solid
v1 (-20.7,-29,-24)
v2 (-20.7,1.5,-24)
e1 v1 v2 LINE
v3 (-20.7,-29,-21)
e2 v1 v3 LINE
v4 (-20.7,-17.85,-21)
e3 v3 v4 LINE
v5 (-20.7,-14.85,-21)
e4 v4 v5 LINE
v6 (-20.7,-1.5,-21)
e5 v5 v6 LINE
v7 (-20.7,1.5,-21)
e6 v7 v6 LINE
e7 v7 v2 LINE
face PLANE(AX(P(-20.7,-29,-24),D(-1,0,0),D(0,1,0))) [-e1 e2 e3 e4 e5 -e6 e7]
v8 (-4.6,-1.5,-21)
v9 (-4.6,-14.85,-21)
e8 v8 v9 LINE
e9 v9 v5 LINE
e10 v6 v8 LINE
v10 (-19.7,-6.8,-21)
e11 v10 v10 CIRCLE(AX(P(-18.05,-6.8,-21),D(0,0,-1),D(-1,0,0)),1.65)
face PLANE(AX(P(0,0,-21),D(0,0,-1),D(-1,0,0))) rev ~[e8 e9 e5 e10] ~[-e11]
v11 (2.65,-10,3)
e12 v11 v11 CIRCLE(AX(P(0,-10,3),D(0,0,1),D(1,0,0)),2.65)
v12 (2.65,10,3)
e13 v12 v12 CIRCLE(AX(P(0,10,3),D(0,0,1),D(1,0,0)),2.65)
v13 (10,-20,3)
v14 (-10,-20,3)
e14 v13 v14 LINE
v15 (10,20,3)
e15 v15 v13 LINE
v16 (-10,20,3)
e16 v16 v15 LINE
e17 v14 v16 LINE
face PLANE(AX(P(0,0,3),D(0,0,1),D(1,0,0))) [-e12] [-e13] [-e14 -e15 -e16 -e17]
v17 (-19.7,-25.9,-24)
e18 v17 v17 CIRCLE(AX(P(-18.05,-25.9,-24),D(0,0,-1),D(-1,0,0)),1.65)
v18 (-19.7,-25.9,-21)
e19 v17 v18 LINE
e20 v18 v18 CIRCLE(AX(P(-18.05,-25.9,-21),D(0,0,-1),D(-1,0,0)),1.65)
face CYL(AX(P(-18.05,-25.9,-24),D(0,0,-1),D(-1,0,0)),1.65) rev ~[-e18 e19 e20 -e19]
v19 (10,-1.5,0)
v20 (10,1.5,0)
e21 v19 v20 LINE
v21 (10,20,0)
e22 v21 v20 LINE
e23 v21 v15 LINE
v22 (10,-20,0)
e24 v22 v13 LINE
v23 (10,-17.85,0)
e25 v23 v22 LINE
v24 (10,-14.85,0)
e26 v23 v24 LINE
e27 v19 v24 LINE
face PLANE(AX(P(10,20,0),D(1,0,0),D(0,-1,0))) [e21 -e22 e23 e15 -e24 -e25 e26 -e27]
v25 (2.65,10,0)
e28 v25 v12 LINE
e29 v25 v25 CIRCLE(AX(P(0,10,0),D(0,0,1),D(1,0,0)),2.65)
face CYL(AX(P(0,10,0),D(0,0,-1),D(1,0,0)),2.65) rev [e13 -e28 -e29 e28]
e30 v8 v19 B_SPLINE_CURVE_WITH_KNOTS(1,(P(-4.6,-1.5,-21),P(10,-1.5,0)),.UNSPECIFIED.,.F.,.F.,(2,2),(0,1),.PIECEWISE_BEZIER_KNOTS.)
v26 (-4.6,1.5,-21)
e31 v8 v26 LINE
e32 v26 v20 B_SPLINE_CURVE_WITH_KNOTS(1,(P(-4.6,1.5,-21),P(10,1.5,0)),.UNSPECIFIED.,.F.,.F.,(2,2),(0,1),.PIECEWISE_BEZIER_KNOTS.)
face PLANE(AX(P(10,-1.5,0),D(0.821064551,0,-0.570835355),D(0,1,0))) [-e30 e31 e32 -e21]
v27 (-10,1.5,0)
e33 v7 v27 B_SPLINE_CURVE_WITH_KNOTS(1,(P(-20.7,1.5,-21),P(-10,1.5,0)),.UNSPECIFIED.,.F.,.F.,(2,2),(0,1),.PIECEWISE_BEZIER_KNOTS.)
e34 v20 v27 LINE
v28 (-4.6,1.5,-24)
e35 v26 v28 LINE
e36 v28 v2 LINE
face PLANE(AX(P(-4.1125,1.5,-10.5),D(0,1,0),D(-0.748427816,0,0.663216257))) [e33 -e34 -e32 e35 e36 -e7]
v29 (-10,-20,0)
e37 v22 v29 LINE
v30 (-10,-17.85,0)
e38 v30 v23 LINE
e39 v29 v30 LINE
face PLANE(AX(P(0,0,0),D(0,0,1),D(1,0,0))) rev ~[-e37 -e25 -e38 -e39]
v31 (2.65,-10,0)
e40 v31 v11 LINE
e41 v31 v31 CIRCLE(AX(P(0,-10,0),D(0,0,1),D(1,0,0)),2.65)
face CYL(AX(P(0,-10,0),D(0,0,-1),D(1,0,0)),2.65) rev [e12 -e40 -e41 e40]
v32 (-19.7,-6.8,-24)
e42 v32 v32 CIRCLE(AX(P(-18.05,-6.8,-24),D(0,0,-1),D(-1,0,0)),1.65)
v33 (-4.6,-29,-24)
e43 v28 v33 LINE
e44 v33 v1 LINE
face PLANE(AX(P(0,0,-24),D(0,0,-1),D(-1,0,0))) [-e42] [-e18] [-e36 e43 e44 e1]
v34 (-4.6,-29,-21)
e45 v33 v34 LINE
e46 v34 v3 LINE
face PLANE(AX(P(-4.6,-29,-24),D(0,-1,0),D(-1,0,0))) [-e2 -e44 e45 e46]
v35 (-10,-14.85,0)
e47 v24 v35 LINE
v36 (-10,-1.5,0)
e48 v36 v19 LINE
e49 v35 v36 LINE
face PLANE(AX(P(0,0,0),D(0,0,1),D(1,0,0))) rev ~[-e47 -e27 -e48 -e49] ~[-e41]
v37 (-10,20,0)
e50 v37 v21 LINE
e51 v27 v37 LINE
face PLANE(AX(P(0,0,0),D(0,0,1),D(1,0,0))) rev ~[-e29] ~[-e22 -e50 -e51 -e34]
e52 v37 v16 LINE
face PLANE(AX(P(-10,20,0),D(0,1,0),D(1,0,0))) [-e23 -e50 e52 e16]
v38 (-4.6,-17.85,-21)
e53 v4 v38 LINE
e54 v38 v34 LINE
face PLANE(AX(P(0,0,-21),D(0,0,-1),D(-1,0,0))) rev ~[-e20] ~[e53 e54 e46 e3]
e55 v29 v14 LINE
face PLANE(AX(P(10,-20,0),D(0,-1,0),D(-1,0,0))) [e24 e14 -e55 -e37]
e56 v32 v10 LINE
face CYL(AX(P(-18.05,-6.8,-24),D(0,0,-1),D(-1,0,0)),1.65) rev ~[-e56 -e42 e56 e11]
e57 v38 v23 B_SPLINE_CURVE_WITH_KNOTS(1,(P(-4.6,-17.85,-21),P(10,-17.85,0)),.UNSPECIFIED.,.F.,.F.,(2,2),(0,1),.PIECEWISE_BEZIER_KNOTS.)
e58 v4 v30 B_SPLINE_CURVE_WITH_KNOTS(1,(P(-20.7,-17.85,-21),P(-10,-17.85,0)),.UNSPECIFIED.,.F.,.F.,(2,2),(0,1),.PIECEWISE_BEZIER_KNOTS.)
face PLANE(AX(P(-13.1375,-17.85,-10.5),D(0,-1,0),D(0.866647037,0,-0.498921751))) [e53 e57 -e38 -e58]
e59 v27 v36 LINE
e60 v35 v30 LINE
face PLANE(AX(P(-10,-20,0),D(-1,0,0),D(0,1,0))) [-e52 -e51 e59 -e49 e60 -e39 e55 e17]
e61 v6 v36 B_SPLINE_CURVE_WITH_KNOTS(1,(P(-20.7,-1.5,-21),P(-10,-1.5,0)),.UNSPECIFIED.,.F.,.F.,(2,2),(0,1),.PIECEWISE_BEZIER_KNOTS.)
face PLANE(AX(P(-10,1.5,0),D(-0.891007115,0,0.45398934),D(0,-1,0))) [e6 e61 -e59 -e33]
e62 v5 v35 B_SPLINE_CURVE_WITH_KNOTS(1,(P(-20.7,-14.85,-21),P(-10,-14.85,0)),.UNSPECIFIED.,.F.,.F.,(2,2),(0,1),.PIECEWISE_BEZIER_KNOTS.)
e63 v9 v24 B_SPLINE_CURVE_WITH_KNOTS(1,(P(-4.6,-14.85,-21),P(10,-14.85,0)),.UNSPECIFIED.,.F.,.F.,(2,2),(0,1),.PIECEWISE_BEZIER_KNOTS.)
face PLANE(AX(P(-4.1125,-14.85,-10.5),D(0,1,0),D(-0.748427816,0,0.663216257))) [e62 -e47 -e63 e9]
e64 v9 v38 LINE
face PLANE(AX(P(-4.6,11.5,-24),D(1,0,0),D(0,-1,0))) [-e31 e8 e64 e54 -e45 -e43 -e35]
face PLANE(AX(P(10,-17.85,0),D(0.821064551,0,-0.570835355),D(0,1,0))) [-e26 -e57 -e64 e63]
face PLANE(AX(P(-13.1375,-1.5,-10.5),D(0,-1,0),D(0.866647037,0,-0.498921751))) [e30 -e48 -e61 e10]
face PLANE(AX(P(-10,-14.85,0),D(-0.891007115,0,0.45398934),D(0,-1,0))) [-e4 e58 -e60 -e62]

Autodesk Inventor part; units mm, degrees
ref_plane "YZ Plane" through (0, 0, 0) normal (1, 0, 0) x (0, 1, 0)
ref_plane "XZ Plane" through (0, 0, 0) normal (0, 1, 0) x (-1, 0, 0)
ref_plane "XY Plane" through (0, 0, 0) normal (0, 0, 1) x (1, 0, 0)
sketch "Sketch1" plane through (0, 0, 0) normal (0, 0, 1) x (1, 0, 0)
  line L0 (10, -20) -> (-10, -20)
  line L1 (-10, -20) -> (-10, 20)
  line L2 (-10, 20) -> (10, 20)
  line L3 (10, 20) -> (10, -20)
  line L4 (10, -20) -> (-10, 20) construction
  line L5 (-10, -20) -> (10, 20) construction
  line L6 (0, -10) -> (0, 10) construction
  circle A0 centre (0, 10) radius 2.65
  circle A1 centre (0, -10) radius 2.65
  point P0 (0, 0)
  dimension "d0" = 40
  dimension "d1" = 20
  dimension "d2" = 20
  dimension "d3" = 5.3
extrude "Extrusion1" add sketch "Sketch1" along normal blind 3
ref_plane "Work Plane2" through (0, 0, -24) normal (0, 0, -1) x (-1, 0, 0)
sketch "Sketch2" plane through (0, 0, -24) normal (0, 0, -1) x (-1, 0, 0)
  circle A0 centre (18.05, -6.8) radius 1.65
  line L0 (18.05, -25.9) -> (18.05, -6.8) construction
  line L1 (4.6, -29) -> (20.7, -29)
  line L2 (4.6, 11.5) -> (4.6, -29)
  line L3 (20.7, 11.5) -> (4.6, 11.5)
  line L4 (20.7, -29) -> (20.7, 11.5)
  circle A1 centre (18.05, -25.9) radius 1.65
  line L5 (10, 20) -> (10, -20) projected
  line L6 (-10, 20) -> (10, 20) projected
  point P0 (0, 0)
  dimension "d8" = 40.5
  dimension "d9" = 16.1
  dimension "d10" = 19.1
  dimension "d11" = 3.3
  dimension "d12" = 3.3
  dimension "d13" = 2.65
  dimension "d14" = 3.1
  dimension "d15" = 8.05
  dimension "d19" = 26.8
extrude "Extrusion2" add sketch "Sketch2" against normal blind 3
sketch "Sketch4" plane through (0, 0, -21) normal (0, 0, 1) x (1, 0, 0)
  line L0 (-20.7, -14.85) -> (-4.6, -14.85)
  line L1 (-4.6, -14.85) -> (-4.6, -17.85)
  line L2 (-4.6, -17.85) -> (-20.7, -17.85)
  line L3 (-20.7, -17.85) -> (-20.7, -14.85)
  line L4 (-4.6, 1.5) -> (-20.7, 1.5)
  line L5 (-20.7, 1.5) -> (-20.7, -1.5)
  line L6 (-20.7, -1.5) -> (-4.6, -1.5)
  line L7 (-4.6, -1.5) -> (-4.6, 1.5)
  line L8 (-20.7, -16.35) -> (-4.6, -16.35) construction
  circle A0 centre (-18.05, -6.8) radius 1.65 projected
  circle A1 centre (-18.05, -25.9) radius 1.65 projected
  line L9 (-18.05, -6.8) -> (-18.05, -25.9) construction
  line L10 (-4.6, -29) -> (-4.6, 11.5) projected
  line L11 (-20.7, 11.5) -> (-20.7, -29) projected
  line L12 (-20.7, 0) -> (-4.6, 0) construction
  line L13 (-10, 20) -> (-10, -20) projected
  point P0 (0, 0)
  point P1 (-18.05, -16.35)
  point P2 (-10, 0)
  dimension "d20" = 3
sketch "Sketch5" plane through (0, 0, 0) normal (0, 0, -1) x (-1, 0, 0)
  line L0 (4.6, 1.5) -> (20.7, 1.5) projected
  line L1 (20.7, -1.5) -> (4.6, -1.5) projected
  line L2 (4.6, -17.85) -> (20.7, -17.85) projected
  line L3 (20.7, -14.85) -> (4.6, -14.85) projected
  line L4 (-10, 1.5) -> (10, 1.5)
  line L5 (10, 1.5) -> (10, -1.5)
  line L6 (10, -1.5) -> (-10, -1.5)
  line L7 (-10, -1.5) -> (-10, 1.5)
  line L8 (-10, -14.85) -> (10, -14.85)
  line L9 (10, -14.85) -> (10, -17.85)
  line L10 (10, -17.85) -> (-10, -17.85)
  line L11 (-10, -17.85) -> (-10, -14.85)
  line L12 (-10, -20) -> (-10, 20) projected
  line L13 (10, 20) -> (10, -20) projected
  point P0 (0, 0)
loft "Loft1" add profiles "Sketch4", "Sketch5" contours L5 L4 L13 L6 | L13 L4 L7 L6 / L0 L5 L1 L6 L7 L4
loft "Loft2" add profiles "Sketch4", "Sketch5" contours L0 L13 L2 L3 | L0 L1 L2 L13 / L9 L2 L10 L11 L8 L3
sketch "Sketch6" plane through (0, 0, -21) normal (0, 0, 1) x (1, 0, 0)
  line L0 (-20.7, 1.5) -> (-4.6, 1.5) projected
  line L1 (-4.6, 1.5) -> (-4.6, 11.5) projected
  line L2 (-4.6, 11.5) -> (-20.7, 11.5) projected
  line L3 (-20.7, 11.5) -> (-20.7, 1.5) projected
  point P0 (0, 0)
extrude "Extrusion3" cut sketch "Sketch6" against normal through all
properties part number "Soporte X"
